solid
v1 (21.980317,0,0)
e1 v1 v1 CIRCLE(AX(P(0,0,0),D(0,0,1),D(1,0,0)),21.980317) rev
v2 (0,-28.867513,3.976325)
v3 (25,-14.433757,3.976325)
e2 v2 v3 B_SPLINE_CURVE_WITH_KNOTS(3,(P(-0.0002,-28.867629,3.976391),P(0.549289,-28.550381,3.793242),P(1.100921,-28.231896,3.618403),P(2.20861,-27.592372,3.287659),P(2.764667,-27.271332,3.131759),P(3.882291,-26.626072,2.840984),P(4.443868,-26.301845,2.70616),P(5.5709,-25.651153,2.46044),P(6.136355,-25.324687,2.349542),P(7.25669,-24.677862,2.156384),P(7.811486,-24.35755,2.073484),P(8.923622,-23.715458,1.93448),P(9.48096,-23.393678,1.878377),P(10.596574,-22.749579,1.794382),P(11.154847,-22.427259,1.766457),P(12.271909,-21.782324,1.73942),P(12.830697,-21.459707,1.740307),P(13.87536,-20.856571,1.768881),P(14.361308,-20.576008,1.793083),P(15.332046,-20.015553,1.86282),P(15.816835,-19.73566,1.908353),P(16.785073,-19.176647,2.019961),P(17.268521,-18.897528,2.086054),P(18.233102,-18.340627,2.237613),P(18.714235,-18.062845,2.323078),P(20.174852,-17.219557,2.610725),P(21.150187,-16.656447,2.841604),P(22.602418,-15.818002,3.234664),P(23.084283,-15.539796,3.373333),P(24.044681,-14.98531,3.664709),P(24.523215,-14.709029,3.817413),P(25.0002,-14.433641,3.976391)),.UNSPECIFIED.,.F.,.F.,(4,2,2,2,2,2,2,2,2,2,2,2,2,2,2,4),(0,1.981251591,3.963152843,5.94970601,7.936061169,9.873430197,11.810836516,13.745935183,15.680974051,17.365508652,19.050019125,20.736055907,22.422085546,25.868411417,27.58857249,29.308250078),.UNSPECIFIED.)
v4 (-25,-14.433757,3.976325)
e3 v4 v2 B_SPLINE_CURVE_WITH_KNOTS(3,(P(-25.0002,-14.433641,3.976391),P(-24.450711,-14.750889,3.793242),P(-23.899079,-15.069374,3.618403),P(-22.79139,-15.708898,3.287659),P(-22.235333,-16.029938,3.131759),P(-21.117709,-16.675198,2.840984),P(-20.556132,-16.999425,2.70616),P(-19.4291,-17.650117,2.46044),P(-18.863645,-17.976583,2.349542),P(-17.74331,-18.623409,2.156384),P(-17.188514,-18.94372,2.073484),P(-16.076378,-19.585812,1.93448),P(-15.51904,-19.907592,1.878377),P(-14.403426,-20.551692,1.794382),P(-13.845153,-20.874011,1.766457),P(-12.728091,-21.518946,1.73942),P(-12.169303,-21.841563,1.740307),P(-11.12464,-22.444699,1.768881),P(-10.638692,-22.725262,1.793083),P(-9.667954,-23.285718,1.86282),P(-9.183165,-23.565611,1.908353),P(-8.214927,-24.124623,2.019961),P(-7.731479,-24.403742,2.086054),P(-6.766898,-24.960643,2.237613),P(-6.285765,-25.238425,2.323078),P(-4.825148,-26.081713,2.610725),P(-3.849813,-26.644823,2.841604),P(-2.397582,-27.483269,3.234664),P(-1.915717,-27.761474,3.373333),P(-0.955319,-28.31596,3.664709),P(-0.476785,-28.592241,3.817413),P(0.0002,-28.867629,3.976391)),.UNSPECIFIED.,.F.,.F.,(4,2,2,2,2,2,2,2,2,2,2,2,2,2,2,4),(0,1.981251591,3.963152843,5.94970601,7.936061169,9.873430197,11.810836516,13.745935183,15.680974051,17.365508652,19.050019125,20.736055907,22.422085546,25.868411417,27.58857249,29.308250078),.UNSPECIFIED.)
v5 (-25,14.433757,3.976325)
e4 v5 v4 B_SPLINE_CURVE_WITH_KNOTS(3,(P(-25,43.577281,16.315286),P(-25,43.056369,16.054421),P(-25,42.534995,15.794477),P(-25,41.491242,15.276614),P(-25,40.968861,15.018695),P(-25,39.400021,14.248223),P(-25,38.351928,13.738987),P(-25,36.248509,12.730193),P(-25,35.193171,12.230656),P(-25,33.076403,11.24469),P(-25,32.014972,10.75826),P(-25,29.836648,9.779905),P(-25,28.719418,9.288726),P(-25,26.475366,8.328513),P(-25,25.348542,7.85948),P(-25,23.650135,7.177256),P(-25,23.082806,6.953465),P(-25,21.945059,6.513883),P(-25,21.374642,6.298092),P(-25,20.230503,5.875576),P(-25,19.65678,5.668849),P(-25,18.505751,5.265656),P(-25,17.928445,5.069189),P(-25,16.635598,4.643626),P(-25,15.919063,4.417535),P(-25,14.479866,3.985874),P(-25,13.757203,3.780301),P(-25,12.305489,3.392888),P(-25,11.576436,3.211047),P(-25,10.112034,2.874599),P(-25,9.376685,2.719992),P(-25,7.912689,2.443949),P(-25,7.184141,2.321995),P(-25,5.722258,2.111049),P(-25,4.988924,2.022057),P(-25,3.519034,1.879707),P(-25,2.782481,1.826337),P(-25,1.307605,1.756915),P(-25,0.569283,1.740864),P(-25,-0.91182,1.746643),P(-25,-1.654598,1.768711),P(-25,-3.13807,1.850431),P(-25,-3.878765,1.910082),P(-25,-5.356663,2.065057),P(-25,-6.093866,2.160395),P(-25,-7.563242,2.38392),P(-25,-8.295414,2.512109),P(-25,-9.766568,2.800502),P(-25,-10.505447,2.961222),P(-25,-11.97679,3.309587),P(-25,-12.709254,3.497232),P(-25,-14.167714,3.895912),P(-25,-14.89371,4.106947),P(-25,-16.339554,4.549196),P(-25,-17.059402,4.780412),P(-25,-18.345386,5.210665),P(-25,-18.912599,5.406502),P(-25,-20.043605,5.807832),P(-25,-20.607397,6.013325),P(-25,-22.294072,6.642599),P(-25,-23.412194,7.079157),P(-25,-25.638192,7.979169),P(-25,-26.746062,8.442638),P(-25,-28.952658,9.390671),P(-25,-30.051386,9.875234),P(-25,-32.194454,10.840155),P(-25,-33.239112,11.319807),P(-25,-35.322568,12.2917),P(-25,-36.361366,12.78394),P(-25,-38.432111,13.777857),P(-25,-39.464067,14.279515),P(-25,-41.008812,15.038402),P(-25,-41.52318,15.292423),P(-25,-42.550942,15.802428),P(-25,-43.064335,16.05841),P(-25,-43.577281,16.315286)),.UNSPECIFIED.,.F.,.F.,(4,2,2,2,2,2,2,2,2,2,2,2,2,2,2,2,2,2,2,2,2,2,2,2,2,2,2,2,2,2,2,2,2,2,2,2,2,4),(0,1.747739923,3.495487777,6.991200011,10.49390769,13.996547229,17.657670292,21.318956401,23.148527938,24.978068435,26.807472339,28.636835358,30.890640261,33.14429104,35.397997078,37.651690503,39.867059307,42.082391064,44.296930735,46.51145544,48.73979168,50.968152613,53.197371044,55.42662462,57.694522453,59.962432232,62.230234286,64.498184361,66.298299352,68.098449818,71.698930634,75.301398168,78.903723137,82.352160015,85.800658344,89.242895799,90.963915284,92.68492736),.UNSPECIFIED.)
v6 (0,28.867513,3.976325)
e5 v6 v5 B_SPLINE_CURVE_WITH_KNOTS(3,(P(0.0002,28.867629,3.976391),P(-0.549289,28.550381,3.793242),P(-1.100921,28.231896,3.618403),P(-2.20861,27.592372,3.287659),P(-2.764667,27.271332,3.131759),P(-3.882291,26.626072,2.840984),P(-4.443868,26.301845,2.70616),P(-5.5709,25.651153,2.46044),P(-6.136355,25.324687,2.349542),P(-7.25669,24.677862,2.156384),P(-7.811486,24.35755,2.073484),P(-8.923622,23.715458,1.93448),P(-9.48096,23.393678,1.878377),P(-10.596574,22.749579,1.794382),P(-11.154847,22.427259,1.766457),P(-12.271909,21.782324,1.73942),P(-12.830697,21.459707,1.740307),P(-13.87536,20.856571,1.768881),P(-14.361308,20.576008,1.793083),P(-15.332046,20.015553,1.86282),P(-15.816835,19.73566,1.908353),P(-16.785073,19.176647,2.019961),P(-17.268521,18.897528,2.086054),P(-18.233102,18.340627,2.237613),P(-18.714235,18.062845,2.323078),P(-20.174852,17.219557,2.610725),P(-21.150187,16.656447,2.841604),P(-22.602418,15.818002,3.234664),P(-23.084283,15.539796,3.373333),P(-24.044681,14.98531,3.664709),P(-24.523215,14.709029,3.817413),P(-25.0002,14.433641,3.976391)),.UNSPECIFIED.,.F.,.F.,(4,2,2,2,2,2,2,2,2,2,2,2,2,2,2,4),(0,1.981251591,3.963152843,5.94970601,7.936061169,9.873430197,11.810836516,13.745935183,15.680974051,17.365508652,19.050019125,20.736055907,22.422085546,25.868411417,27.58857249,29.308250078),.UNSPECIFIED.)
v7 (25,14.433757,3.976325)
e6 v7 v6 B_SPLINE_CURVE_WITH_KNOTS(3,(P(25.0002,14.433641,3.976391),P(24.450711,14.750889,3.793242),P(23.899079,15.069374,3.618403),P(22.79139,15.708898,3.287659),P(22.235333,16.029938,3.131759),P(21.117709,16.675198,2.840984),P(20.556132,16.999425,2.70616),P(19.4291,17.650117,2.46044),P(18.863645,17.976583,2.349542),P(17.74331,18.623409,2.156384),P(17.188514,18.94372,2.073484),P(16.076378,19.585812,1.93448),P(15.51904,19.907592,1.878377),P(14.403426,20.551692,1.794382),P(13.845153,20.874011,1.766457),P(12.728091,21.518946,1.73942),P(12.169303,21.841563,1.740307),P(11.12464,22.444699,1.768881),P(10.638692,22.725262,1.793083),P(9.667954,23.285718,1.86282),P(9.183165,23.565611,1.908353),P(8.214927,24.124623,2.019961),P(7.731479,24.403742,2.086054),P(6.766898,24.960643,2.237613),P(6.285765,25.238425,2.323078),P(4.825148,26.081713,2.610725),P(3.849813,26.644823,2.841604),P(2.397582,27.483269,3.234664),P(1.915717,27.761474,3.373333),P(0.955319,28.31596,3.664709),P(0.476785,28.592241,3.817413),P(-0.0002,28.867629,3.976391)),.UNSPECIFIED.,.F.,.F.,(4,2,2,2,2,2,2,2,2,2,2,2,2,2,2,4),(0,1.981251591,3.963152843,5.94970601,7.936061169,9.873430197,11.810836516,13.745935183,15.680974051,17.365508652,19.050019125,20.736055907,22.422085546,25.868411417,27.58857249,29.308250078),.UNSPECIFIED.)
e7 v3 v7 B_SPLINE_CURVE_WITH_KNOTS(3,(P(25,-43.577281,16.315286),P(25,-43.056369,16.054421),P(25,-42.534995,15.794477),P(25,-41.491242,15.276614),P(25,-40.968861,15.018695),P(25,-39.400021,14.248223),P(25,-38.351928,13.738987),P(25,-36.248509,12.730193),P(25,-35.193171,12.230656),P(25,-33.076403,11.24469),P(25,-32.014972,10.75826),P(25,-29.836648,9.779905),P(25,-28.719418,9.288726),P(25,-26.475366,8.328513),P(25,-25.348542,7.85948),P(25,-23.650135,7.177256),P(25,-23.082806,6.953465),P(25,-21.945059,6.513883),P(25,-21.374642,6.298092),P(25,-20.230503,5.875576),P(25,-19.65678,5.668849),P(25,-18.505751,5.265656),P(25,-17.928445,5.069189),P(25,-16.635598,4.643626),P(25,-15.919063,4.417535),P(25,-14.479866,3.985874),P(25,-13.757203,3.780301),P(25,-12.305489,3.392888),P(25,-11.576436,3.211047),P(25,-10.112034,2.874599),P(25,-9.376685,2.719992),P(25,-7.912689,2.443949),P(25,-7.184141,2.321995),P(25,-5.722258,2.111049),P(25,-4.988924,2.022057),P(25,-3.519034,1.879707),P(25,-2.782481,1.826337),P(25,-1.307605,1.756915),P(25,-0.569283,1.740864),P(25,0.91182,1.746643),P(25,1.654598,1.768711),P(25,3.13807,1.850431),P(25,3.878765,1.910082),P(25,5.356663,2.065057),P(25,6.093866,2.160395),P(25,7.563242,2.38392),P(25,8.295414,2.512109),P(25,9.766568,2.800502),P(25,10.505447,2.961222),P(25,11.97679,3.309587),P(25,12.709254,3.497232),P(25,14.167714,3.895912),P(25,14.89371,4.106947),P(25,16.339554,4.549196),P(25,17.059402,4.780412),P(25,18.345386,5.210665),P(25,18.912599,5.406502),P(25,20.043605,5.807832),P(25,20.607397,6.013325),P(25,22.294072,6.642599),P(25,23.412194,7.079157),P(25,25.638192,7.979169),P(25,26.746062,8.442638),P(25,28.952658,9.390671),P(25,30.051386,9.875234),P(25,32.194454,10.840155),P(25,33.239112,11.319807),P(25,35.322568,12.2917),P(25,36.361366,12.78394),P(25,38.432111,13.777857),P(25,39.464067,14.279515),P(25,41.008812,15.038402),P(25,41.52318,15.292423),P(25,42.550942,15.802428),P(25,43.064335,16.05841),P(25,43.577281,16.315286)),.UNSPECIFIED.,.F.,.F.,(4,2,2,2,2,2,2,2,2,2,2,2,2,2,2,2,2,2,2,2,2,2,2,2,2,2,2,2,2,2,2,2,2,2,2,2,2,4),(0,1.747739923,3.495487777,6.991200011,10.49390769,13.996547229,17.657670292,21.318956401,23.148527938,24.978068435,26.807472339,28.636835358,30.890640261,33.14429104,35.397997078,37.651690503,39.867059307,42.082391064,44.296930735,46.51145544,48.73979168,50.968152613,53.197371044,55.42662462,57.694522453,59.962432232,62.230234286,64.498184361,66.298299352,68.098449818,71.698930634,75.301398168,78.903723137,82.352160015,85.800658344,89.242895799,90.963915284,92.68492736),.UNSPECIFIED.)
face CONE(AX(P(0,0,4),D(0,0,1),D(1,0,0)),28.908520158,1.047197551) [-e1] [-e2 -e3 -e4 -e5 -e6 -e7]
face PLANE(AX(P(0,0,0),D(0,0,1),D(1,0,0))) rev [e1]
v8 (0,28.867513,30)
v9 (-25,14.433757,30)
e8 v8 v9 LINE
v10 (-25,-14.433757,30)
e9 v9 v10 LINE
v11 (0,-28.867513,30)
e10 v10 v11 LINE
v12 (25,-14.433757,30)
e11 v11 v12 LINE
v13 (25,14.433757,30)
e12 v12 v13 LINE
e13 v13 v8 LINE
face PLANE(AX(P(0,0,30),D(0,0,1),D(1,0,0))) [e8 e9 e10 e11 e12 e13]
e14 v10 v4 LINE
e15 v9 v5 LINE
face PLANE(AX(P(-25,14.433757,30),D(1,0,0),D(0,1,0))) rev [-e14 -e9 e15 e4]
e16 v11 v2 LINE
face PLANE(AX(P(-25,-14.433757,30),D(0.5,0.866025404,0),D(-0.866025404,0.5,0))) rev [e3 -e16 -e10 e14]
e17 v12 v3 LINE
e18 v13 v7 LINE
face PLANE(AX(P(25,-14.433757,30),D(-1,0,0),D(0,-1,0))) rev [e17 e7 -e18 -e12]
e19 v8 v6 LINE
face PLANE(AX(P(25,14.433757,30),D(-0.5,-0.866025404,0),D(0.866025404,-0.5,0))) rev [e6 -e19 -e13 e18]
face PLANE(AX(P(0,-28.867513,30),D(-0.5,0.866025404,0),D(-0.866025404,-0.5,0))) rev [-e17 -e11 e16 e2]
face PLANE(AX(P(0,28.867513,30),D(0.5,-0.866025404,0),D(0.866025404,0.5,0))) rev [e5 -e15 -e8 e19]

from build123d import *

# Parameters (mm, degrees)
EXTRUDE_1_DEPTH = 30


with BuildPart() as part:
    # 草图1 → 凸台-拉伸1 (new body)
    with BuildSketch(Plane.XY):
        Polygon((25, -14.43375673), (25, 14.43375673), (0, 28.867513459), (-25, 14.43375673), (-25, -14.43375673), (0, -28.867513459), align=None)
    extrude(amount=EXTRUDE_1_DEPTH)

    # 草图2 → 切除-旋转1 (revolve, cut)
    with BuildSketch(Plane(origin=(0, 0, 0), x_dir=(0, 0, -1), z_dir=(1, 0, 0)), mode=Mode.PRIVATE) as cut_revolve_1_sk:
        Polygon((-4, 28.908520158), (0.613826619, 20.917138036), (0.613826619, 32.83436024), align=None)
    revolve(cut_revolve_1_sk.sketch.rotate(Axis((0, 0, -10.704078941), (0, 0, 1)), 270), axis=Axis((0, 0, -10.704078941), (0, 0, 1)), mode=Mode.SUBTRACT)


solid = part.part
